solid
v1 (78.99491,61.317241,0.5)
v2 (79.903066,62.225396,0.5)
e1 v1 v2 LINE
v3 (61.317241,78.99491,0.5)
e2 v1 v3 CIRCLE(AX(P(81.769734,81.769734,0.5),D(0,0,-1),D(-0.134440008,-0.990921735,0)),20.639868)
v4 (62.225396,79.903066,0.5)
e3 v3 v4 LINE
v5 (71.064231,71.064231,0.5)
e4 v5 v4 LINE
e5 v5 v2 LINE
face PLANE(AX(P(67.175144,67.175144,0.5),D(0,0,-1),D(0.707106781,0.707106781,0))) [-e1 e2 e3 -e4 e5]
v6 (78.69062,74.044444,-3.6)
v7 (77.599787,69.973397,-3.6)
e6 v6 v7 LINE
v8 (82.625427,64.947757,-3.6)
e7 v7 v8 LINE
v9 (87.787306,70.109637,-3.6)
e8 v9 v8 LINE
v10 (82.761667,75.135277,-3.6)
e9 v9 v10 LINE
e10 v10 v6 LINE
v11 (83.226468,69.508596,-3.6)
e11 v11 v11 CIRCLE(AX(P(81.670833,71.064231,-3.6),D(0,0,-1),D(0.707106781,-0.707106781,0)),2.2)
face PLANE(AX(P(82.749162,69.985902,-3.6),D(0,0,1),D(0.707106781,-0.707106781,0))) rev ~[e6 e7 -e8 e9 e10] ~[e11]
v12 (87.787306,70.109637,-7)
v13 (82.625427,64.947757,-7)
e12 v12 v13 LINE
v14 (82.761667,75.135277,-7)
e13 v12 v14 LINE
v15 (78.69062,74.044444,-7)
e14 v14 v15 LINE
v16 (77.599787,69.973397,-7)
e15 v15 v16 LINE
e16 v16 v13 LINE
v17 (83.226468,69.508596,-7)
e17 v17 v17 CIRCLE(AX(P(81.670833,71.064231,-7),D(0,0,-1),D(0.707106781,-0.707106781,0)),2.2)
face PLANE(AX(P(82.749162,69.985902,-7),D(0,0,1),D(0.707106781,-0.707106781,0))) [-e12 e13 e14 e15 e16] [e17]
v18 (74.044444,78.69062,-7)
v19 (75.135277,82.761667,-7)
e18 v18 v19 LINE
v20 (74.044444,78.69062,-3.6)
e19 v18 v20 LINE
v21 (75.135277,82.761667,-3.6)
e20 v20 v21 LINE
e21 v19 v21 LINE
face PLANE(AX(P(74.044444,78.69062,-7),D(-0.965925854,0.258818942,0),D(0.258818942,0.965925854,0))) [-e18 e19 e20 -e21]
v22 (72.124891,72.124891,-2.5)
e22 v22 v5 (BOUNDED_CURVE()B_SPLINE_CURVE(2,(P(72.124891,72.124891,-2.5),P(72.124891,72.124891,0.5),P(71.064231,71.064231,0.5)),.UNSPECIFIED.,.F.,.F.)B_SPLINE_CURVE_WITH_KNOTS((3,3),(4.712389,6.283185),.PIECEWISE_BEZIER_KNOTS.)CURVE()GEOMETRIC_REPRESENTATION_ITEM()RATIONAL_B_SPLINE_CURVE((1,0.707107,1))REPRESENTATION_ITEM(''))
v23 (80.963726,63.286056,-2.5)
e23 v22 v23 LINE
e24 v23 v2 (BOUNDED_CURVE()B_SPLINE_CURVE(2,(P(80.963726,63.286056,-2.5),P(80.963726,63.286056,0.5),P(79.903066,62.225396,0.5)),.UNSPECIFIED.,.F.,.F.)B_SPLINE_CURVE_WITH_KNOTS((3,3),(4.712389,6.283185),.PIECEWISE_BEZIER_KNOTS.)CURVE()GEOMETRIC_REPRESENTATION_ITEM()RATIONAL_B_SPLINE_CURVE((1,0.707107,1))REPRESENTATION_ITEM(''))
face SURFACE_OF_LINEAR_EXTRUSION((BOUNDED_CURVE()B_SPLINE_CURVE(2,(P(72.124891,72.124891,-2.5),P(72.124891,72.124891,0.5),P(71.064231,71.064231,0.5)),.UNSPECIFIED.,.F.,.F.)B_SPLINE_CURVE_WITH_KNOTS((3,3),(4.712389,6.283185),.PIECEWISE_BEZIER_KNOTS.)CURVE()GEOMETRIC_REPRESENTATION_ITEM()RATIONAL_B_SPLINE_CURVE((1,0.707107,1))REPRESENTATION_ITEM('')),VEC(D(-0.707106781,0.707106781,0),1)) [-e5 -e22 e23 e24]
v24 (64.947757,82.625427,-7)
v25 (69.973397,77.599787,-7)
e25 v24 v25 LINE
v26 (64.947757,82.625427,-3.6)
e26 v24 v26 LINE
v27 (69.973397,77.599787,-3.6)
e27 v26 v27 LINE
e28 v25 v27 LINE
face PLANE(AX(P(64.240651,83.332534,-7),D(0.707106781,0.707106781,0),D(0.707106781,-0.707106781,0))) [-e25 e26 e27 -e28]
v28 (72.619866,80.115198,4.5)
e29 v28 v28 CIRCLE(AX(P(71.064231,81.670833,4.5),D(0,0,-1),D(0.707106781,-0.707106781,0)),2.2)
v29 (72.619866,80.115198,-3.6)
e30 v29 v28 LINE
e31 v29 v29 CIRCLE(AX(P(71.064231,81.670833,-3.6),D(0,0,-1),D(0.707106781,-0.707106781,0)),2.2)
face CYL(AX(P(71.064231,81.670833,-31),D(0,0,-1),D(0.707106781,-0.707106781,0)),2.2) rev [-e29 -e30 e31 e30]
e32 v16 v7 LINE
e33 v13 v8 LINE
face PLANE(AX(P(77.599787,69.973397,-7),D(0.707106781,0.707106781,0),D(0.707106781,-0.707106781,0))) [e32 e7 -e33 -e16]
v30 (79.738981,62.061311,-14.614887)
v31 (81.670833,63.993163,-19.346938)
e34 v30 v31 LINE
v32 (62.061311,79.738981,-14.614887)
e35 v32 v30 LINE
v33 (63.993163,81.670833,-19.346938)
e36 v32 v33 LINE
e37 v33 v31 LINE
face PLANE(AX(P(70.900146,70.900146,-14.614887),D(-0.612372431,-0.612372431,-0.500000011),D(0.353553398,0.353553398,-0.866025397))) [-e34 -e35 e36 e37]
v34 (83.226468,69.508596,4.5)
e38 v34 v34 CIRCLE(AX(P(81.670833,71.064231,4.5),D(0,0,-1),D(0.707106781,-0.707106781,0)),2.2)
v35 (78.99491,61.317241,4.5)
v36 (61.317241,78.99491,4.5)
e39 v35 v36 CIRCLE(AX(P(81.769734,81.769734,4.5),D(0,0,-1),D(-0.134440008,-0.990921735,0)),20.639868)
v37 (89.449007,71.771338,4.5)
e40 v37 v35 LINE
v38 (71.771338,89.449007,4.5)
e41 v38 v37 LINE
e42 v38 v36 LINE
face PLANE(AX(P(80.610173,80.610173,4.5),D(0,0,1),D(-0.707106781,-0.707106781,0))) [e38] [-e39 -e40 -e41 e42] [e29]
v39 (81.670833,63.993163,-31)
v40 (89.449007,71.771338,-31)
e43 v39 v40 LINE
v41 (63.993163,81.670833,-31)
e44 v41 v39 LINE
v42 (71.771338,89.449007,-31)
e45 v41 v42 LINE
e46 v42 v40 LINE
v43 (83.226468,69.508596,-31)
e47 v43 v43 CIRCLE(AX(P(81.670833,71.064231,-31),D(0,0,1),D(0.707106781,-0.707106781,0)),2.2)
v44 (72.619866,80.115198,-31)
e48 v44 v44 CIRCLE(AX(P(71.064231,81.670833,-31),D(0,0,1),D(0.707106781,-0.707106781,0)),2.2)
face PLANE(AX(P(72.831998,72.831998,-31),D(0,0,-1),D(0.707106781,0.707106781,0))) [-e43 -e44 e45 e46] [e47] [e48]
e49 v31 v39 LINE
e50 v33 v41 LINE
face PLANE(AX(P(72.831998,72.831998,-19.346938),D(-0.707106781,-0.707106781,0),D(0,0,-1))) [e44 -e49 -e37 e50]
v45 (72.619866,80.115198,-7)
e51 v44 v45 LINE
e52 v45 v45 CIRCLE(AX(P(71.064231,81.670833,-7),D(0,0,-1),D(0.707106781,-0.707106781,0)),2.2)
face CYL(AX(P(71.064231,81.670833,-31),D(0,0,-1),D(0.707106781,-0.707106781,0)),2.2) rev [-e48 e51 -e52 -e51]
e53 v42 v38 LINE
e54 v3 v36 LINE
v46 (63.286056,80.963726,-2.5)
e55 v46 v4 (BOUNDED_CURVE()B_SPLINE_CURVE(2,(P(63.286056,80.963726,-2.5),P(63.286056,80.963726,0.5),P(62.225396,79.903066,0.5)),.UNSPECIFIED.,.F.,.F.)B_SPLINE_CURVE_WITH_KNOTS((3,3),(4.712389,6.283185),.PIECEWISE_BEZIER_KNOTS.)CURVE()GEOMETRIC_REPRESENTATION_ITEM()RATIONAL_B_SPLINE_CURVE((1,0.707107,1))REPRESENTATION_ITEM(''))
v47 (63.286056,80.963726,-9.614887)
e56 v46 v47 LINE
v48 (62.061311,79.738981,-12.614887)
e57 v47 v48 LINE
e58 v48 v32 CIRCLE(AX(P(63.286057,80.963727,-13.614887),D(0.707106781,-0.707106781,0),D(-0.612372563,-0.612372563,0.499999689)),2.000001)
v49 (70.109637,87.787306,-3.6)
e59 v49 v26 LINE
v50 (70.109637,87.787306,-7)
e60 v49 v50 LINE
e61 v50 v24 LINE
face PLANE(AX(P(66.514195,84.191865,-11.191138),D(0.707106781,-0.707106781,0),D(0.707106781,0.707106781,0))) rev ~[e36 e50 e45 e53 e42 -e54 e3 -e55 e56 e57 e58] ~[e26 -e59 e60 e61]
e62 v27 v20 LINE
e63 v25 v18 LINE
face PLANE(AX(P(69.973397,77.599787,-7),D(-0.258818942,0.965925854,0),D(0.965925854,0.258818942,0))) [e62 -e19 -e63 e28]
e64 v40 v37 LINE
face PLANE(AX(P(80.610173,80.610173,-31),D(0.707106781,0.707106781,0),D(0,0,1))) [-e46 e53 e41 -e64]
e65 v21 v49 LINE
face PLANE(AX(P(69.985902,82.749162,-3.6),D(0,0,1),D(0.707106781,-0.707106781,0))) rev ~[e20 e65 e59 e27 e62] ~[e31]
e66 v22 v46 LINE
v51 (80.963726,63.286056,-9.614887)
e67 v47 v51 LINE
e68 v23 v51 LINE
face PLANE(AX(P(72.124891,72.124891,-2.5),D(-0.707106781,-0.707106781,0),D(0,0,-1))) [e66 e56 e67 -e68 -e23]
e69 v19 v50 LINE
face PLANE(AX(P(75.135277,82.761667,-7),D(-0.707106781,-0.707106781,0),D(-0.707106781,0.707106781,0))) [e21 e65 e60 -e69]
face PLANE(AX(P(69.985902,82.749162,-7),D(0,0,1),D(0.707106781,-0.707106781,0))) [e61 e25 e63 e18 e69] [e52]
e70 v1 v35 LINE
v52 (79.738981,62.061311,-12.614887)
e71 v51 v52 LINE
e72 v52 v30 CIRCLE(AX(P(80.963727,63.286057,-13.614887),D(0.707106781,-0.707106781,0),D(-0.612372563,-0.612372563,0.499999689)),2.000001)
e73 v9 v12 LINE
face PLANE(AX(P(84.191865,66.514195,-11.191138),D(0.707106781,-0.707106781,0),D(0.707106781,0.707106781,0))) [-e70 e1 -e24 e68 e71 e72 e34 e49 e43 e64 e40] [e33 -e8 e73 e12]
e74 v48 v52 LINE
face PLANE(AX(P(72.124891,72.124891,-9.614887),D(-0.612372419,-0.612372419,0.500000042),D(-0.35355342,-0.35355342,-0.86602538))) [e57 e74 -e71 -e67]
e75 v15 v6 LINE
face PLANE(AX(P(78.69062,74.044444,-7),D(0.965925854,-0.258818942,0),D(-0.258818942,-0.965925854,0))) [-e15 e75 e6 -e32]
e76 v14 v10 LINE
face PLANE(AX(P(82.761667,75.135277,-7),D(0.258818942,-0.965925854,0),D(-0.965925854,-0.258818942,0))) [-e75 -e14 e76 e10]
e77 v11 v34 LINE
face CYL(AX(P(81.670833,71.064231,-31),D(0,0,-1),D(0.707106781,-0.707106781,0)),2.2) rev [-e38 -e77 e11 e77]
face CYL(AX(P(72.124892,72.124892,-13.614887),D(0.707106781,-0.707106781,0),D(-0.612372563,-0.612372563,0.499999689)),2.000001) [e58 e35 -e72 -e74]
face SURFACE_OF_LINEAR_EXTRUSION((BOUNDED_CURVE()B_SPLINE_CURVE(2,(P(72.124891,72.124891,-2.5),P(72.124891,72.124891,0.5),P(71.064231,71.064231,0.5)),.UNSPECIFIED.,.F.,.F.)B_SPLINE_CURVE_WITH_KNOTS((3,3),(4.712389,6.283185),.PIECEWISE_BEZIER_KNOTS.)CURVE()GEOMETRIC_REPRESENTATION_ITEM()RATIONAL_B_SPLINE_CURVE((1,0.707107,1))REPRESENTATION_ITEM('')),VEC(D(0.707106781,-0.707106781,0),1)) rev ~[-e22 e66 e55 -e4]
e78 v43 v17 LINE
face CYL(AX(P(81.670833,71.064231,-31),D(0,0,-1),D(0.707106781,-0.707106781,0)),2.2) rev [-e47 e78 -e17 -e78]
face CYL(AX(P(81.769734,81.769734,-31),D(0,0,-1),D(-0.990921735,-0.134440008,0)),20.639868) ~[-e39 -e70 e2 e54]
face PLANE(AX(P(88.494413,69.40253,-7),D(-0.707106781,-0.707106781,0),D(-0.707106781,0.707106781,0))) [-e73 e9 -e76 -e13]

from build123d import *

# Parameters (mm, degrees)
PAD022_DEPTH            = 12.5
SKETCH043_R             = 2.2
POCKET007_DEPTH         = 35.501
POCKET098_DEPTH         = 3.4
BODY022_PLACEMENT_ANGLE = 45


with BuildPart() as part:
    # Sketch042 → Pad022 (new body, symmetric)
    with BuildSketch(Plane.YZ):
        with BuildLine():
            Line((-1, 28.5), (-1, 21.385113))
            Line((-1, 21.385113), (-2.732051, 18.385113))
            ThreePointArc((-2.732051, 18.385113), (-3, 17.385113), (-2.732051, 16.385113))
            Line((-2.732051, 16.385113), (0, 11.653062))
            Line((0, 11.653062), (0, 0))
            Line((0, 0), (11, 0))
            Line((11, 0), (11, 35.5))
            Line((11, 35.5), (-8, 35.5))
            Line((-8, 35.5), (-8, 31.5))
            Line((-8, 31.5), (-2.5, 31.5))
            add(Edge.make_bspline(
                [(-1, 28.5), (-1, 31.5), (-2.5, 31.5)],
                knots=[4.712389, 4.712389, 4.712389, 6.283185, 6.283185, 6.283185], degree=2, weights=[1, 0.707107, 1]))
        make_face()
    extrude(amount=PAD022_DEPTH, both=True)

    # Sketch043 → Pocket007 (cut, through all)
    with BuildSketch(Plane.XY):
        with Locations((-7.5, 5)):
            Circle(SKETCH043_R)
        with Locations((7.5, 5)):
            Circle(SKETCH043_R)
        with BuildLine():
            ThreePointArc((-12.5, -3.784326), (0, -8), (12.5, -3.784326))
            Line((12.5, -3.784326), (13.5, -3.784326))
            Line((13.5, -3.784326), (13.5, -9))
            Line((-13.5, -9), (13.5, -9))
            Line((-13.5, -3.784326), (-13.5, -9))
            Line((-12.5, -3.784326), (-13.5, -3.784326))
        make_face()
    extrude(amount=POCKET007_DEPTH, mode=Mode.SUBTRACT)

    # Sketch150 → Pocket098 (cut)
    with BuildSketch(Plane.XY.offset(24)):
        Polygon((-5.392672, 1.35), (-3.285343, 5), (-5.392672, 8.65), (-13.5, 8.65), (-13.5, 1.35), align=None)
        Polygon((5.392672, 8.65), (3.285343, 5), (5.392672, 1.35), (13.5, 1.35), (13.5, 8.65), align=None)
    extrude(amount=POCKET098_DEPTH, mode=Mode.SUBTRACT)


with BuildPart() as part_1:
    # Body022 placement: moved
    add(part.part.moved(Location((72.831998, 72.831998, -31))).rotate(Axis((72.831998, 72.831998, -31), (0, 0, -1)), BODY022_PLACEMENT_ANGLE))


solid = part_1.part
